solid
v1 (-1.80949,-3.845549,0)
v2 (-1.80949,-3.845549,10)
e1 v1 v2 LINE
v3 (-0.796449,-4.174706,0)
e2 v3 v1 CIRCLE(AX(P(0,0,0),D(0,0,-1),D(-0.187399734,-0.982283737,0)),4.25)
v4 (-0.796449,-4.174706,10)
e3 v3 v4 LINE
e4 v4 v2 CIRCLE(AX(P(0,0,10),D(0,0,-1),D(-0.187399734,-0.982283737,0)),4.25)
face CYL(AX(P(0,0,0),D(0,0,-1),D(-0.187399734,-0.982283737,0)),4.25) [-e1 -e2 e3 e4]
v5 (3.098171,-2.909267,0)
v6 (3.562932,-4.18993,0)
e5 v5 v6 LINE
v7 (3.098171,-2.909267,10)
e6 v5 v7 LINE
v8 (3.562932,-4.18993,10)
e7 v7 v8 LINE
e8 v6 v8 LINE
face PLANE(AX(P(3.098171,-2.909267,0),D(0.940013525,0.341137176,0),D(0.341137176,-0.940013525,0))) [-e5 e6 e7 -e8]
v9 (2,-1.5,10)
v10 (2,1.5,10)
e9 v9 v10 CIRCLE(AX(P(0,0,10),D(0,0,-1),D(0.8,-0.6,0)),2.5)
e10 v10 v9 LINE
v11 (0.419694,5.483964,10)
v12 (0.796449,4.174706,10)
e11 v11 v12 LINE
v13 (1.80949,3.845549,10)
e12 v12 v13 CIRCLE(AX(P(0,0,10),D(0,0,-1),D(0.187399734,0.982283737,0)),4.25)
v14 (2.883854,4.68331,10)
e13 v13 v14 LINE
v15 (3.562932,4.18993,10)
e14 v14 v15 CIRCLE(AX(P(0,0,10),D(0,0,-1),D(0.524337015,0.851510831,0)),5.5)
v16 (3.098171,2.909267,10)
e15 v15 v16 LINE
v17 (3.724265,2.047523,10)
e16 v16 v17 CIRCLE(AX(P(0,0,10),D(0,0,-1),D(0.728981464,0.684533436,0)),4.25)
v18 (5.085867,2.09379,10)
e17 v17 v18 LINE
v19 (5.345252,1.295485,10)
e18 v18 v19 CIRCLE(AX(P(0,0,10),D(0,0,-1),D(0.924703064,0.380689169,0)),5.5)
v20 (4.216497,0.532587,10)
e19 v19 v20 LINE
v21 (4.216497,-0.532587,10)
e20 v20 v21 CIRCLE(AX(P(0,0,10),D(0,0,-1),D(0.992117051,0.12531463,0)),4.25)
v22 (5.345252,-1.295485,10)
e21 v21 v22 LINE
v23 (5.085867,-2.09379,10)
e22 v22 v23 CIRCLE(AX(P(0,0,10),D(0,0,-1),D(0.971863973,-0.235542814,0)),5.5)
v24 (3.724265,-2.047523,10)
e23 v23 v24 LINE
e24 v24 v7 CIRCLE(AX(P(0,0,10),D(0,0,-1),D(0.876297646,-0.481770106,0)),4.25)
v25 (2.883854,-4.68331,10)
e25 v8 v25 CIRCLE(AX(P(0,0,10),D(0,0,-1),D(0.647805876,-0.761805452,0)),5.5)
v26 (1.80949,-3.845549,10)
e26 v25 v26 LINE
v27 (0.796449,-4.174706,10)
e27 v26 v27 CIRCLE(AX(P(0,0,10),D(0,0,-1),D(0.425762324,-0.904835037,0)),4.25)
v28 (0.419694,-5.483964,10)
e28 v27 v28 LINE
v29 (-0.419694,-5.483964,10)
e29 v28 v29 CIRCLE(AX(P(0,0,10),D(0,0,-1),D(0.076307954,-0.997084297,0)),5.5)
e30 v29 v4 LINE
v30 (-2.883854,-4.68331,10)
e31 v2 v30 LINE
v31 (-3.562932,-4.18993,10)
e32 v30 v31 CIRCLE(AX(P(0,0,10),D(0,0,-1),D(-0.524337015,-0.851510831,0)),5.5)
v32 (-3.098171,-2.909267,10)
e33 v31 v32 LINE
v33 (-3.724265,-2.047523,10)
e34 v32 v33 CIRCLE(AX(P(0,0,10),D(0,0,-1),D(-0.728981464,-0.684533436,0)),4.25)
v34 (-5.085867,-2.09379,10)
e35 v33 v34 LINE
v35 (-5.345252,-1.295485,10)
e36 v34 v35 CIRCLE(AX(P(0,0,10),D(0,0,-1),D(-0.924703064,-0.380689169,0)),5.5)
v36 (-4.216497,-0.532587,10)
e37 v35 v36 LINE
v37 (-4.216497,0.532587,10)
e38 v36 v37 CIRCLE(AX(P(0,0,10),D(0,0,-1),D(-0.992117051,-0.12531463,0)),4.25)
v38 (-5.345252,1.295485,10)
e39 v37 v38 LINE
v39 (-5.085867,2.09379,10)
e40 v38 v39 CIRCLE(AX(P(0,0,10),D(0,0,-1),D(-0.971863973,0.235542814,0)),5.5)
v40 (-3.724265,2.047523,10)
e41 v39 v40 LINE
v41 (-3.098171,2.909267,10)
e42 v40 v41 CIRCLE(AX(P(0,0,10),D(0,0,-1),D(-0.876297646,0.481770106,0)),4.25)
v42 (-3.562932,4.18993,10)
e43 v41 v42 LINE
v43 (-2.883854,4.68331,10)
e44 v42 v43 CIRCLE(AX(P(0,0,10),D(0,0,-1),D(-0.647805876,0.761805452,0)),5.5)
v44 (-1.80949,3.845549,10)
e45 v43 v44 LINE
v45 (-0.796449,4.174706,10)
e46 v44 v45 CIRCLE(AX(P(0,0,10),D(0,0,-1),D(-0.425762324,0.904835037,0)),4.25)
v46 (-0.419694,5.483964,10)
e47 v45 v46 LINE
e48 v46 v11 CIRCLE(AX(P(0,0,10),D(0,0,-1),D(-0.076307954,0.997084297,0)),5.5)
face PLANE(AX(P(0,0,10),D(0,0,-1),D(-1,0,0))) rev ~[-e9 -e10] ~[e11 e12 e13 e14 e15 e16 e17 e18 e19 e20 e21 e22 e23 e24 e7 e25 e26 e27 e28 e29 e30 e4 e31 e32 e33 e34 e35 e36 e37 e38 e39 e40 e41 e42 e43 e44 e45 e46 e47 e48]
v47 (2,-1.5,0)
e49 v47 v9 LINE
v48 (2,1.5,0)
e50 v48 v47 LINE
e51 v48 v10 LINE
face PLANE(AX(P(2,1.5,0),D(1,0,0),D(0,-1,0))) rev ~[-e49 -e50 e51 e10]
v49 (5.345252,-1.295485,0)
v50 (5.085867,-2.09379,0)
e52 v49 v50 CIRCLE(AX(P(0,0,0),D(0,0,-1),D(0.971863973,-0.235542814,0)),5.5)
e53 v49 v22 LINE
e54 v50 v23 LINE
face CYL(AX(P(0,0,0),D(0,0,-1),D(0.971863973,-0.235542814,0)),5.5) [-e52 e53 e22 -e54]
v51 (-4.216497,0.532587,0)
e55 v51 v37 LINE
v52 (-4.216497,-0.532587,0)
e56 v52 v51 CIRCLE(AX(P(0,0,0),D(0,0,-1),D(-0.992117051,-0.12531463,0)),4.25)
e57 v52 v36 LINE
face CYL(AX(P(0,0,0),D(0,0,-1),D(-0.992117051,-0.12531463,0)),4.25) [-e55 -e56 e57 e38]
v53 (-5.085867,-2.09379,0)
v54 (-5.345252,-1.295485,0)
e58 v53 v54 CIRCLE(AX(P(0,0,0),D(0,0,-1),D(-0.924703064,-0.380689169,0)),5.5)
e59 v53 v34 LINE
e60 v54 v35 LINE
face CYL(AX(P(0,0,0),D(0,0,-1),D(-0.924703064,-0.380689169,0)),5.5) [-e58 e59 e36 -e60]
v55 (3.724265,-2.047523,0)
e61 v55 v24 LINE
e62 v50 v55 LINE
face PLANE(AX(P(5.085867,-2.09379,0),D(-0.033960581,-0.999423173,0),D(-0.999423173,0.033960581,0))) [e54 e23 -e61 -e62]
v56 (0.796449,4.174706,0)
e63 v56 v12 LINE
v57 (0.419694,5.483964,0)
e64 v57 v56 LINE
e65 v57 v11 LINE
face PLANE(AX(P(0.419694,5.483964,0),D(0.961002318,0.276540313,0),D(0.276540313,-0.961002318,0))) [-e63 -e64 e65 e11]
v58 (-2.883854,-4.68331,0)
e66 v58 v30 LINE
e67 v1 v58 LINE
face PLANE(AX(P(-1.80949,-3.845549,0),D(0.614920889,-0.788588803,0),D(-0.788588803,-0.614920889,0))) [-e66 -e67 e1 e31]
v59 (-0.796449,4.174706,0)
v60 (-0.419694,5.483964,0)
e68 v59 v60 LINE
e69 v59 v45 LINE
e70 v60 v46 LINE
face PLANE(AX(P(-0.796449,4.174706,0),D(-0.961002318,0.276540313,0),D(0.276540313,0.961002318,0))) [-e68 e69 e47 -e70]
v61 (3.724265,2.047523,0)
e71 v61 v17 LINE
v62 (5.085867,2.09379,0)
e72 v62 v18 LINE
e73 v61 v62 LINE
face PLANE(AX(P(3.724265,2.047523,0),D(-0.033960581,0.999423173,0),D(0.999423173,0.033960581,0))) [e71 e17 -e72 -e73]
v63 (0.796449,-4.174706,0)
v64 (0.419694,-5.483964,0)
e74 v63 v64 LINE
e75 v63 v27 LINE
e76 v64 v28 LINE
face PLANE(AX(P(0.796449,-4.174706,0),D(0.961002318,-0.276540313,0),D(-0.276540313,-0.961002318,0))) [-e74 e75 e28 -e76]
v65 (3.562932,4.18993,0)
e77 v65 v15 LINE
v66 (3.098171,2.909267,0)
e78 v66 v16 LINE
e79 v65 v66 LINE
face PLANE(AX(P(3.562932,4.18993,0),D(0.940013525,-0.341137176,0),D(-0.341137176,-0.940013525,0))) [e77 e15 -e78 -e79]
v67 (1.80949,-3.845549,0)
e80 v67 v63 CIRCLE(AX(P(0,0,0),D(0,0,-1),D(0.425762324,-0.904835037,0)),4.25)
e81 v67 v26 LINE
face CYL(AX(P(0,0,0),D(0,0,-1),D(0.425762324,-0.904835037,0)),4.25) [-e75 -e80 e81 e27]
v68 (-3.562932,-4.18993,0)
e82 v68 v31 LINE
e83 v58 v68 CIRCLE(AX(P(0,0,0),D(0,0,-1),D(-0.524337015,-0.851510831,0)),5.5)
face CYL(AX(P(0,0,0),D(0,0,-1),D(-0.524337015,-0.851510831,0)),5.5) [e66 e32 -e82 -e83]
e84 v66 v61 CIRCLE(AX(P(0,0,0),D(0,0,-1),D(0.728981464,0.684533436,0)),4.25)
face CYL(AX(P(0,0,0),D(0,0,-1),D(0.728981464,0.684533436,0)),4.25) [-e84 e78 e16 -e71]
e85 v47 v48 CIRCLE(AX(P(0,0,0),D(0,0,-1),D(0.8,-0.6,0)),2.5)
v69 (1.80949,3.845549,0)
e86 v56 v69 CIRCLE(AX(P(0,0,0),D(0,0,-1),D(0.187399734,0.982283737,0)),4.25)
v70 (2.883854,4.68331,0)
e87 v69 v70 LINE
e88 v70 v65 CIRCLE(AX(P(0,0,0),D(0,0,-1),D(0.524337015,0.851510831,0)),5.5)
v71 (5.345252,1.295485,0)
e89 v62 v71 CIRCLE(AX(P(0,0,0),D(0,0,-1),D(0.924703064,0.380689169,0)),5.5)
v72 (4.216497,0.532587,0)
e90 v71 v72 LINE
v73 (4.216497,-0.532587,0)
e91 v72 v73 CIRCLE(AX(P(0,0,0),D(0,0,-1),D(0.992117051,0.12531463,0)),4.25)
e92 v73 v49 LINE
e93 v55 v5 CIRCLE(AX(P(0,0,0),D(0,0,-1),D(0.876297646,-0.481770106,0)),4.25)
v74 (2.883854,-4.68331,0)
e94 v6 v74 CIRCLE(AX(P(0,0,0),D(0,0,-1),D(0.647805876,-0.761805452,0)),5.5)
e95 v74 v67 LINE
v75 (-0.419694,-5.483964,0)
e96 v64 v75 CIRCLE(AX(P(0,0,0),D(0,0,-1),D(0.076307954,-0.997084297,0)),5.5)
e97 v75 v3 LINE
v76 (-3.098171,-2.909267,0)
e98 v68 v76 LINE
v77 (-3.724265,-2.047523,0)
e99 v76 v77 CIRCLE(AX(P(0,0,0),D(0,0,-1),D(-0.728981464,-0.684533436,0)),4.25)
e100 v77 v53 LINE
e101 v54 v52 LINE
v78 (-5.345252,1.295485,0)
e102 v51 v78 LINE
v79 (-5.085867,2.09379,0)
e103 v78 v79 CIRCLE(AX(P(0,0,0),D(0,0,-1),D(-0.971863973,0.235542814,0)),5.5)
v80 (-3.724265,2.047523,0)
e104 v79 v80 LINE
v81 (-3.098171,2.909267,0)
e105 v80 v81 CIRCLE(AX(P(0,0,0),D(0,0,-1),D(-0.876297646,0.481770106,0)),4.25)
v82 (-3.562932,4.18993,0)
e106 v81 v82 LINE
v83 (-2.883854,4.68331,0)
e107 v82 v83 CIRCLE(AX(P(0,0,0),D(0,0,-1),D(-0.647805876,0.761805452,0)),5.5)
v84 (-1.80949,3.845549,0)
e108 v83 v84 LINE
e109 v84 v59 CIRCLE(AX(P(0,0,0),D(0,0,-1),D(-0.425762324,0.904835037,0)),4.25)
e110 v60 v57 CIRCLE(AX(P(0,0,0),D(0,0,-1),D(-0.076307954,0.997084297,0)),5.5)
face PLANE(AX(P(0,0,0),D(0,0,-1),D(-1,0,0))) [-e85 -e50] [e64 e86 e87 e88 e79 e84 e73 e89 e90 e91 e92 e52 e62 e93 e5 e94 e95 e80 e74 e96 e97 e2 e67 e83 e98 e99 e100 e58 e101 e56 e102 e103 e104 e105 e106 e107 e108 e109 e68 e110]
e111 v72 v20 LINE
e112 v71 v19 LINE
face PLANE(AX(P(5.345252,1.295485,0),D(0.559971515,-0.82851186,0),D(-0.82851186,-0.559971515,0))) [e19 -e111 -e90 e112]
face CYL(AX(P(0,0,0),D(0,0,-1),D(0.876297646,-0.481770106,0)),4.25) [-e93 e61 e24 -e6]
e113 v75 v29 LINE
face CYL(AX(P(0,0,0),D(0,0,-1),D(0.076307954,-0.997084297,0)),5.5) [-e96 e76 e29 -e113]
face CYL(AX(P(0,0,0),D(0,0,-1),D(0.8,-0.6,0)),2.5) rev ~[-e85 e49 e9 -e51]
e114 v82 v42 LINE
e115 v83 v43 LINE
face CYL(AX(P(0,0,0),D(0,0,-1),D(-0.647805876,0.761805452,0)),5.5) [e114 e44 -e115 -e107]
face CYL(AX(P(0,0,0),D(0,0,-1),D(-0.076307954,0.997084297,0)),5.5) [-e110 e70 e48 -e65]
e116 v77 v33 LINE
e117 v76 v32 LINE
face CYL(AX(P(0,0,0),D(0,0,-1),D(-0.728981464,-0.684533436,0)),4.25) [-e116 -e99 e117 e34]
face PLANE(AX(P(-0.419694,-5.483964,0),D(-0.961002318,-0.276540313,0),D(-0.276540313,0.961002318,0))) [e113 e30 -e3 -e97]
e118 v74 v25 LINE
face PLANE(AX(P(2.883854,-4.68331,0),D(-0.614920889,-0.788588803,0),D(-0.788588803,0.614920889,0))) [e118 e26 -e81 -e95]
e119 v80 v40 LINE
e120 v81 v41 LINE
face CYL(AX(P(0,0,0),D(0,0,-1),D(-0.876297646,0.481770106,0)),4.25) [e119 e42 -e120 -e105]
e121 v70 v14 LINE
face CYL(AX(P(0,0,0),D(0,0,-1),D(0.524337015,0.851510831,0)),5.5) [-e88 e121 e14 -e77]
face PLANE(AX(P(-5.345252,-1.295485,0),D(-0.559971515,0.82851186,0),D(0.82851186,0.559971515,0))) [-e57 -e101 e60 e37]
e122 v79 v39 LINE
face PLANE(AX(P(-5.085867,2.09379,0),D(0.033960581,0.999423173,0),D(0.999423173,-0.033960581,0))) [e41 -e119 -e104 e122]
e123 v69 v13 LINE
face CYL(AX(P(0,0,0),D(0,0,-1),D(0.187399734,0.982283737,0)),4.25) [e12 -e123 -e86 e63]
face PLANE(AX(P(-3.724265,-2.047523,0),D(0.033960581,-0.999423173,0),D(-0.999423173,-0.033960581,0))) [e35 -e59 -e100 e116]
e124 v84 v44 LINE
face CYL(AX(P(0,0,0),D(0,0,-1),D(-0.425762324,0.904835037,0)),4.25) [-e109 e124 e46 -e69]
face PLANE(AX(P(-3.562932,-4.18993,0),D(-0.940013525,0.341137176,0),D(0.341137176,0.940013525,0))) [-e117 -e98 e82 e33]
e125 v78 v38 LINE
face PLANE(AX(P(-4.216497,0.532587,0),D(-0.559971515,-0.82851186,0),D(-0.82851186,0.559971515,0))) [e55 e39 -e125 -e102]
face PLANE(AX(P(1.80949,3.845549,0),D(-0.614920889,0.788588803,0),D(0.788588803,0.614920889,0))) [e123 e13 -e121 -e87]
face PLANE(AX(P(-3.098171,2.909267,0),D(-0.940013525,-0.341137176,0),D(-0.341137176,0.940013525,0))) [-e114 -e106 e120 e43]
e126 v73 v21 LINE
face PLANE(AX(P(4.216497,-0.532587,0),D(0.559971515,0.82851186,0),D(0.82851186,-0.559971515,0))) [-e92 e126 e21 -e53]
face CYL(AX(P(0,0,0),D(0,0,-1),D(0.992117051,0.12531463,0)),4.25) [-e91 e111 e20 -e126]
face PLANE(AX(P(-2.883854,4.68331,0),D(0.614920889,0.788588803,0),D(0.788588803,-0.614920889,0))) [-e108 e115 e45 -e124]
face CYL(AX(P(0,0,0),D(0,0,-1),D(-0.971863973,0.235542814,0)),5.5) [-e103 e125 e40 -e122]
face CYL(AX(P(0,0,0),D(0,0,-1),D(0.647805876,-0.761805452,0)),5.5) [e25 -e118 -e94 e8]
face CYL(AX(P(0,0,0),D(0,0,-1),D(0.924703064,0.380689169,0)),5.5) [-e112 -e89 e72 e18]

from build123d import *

# Parameters (mm, degrees)
BOSS_EXTRUDE1_DEPTH = 10


with BuildPart() as part:
    # Sketch1 → Boss-Extrude1 (new body)
    with BuildSketch(Plane.XY):
        with BuildLine():
            Line((-0.796448866, 4.174705882), (-0.41969374, 5.483963636))
            ThreePointArc((-0.41969374, 5.483963636), (0, 5.5), (0.41969374, 5.483963636))
            Line((0.41969374, 5.483963636), (0.796448866, 4.174705882))
            ThreePointArc((0.796448866, 4.174705882), (1.313322226, 4.041990194), (1.809489883, 3.845548903))
            Line((1.809489883, 3.845548903), (2.883853582, 4.683309569))
            ThreePointArc((2.883853582, 4.683309569), (3.232818888, 4.449593469), (3.562932317, 4.189929988))
            Line((3.562932317, 4.189929988), (3.098171218, 2.909267108))
            ThreePointArc((3.098171218, 2.909267108), (3.438322226, 2.498087322), (3.724264998, 2.047522948))
            Line((3.724264998, 2.047522948), (5.085866854, 2.093790426))
            ThreePointArc((5.085866854, 2.093790426), (5.23081084, 1.699593469), (5.345251849, 1.295485494))
            Line((5.345251849, 1.295485494), (4.216497468, 0.53258718))
            ThreePointArc((4.216497468, 0.53258718), (4.25, 0), (4.216497468, -0.53258718))
            Line((4.216497468, -0.53258718), (5.345251849, -1.295485494))
            ThreePointArc((5.345251849, -1.295485494), (5.23081084, -1.699593469), (5.085866854, -2.093790426))
            Line((5.085866854, -2.093790426), (3.724264998, -2.047522948))
            ThreePointArc((3.724264998, -2.047522948), (3.438322226, -2.498087322), (3.098171218, -2.909267108))
            Line((3.098171218, -2.909267108), (3.562932317, -4.189929988))
            ThreePointArc((3.562932317, -4.189929988), (3.232818888, -4.449593469), (2.883853582, -4.683309569))
            Line((2.883853582, -4.683309569), (1.809489883, -3.845548903))
            ThreePointArc((1.809489883, -3.845548903), (1.313322226, -4.041990194), (0.796448866, -4.174705882))
            Line((0.796448866, -4.174705882), (0.41969374, -5.483963636))
            ThreePointArc((0.41969374, -5.483963636), (0, -5.5), (-0.41969374, -5.483963636))
            Line((-0.41969374, -5.483963636), (-0.796448866, -4.174705882))
            ThreePointArc((-0.796448866, -4.174705882), (-1.313322226, -4.041990194), (-1.809489883, -3.845548903))
            Line((-1.809489883, -3.845548903), (-2.883853582, -4.683309569))
            ThreePointArc((-2.883853582, -4.683309569), (-3.232818888, -4.449593469), (-3.562932317, -4.189929988))
            Line((-3.562932317, -4.189929988), (-3.098171218, -2.909267108))
            ThreePointArc((-3.098171218, -2.909267108), (-3.438322226, -2.498087322), (-3.724264998, -2.047522948))
            Line((-3.724264998, -2.047522948), (-5.085866854, -2.093790426))
            ThreePointArc((-5.085866854, -2.093790426), (-5.23081084, -1.699593469), (-5.345251849, -1.295485494))
            Line((-5.345251849, -1.295485494), (-4.216497468, -0.53258718))
            ThreePointArc((-4.216497468, -0.53258718), (-4.25, 0), (-4.216497468, 0.53258718))
            Line((-4.216497468, 0.53258718), (-5.345251849, 1.295485494))
            ThreePointArc((-5.345251849, 1.295485494), (-5.23081084, 1.699593469), (-5.085866854, 2.093790426))
            Line((-5.085866854, 2.093790426), (-3.724264998, 2.047522948))
            ThreePointArc((-3.724264998, 2.047522948), (-3.438322226, 2.498087322), (-3.098171218, 2.909267108))
            Line((-3.098171218, 2.909267108), (-3.562932317, 4.189929988))
            ThreePointArc((-3.562932317, 4.189929988), (-3.232818888, 4.449593469), (-2.883853582, 4.683309569))
            Line((-2.883853582, 4.683309569), (-1.809489883, 3.845548903))
            ThreePointArc((-1.809489883, 3.845548903), (-1.313322226, 4.041990194), (-0.796448866, 4.174705882))
        make_face()
        with BuildLine():
            Line((2, 1.5), (2, -1.5))
            ThreePointArc((2, -1.5), (-2.5, 0), (2, 1.5))
        make_face(mode=Mode.SUBTRACT)
    extrude(amount=BOSS_EXTRUDE1_DEPTH)


solid = part.part
